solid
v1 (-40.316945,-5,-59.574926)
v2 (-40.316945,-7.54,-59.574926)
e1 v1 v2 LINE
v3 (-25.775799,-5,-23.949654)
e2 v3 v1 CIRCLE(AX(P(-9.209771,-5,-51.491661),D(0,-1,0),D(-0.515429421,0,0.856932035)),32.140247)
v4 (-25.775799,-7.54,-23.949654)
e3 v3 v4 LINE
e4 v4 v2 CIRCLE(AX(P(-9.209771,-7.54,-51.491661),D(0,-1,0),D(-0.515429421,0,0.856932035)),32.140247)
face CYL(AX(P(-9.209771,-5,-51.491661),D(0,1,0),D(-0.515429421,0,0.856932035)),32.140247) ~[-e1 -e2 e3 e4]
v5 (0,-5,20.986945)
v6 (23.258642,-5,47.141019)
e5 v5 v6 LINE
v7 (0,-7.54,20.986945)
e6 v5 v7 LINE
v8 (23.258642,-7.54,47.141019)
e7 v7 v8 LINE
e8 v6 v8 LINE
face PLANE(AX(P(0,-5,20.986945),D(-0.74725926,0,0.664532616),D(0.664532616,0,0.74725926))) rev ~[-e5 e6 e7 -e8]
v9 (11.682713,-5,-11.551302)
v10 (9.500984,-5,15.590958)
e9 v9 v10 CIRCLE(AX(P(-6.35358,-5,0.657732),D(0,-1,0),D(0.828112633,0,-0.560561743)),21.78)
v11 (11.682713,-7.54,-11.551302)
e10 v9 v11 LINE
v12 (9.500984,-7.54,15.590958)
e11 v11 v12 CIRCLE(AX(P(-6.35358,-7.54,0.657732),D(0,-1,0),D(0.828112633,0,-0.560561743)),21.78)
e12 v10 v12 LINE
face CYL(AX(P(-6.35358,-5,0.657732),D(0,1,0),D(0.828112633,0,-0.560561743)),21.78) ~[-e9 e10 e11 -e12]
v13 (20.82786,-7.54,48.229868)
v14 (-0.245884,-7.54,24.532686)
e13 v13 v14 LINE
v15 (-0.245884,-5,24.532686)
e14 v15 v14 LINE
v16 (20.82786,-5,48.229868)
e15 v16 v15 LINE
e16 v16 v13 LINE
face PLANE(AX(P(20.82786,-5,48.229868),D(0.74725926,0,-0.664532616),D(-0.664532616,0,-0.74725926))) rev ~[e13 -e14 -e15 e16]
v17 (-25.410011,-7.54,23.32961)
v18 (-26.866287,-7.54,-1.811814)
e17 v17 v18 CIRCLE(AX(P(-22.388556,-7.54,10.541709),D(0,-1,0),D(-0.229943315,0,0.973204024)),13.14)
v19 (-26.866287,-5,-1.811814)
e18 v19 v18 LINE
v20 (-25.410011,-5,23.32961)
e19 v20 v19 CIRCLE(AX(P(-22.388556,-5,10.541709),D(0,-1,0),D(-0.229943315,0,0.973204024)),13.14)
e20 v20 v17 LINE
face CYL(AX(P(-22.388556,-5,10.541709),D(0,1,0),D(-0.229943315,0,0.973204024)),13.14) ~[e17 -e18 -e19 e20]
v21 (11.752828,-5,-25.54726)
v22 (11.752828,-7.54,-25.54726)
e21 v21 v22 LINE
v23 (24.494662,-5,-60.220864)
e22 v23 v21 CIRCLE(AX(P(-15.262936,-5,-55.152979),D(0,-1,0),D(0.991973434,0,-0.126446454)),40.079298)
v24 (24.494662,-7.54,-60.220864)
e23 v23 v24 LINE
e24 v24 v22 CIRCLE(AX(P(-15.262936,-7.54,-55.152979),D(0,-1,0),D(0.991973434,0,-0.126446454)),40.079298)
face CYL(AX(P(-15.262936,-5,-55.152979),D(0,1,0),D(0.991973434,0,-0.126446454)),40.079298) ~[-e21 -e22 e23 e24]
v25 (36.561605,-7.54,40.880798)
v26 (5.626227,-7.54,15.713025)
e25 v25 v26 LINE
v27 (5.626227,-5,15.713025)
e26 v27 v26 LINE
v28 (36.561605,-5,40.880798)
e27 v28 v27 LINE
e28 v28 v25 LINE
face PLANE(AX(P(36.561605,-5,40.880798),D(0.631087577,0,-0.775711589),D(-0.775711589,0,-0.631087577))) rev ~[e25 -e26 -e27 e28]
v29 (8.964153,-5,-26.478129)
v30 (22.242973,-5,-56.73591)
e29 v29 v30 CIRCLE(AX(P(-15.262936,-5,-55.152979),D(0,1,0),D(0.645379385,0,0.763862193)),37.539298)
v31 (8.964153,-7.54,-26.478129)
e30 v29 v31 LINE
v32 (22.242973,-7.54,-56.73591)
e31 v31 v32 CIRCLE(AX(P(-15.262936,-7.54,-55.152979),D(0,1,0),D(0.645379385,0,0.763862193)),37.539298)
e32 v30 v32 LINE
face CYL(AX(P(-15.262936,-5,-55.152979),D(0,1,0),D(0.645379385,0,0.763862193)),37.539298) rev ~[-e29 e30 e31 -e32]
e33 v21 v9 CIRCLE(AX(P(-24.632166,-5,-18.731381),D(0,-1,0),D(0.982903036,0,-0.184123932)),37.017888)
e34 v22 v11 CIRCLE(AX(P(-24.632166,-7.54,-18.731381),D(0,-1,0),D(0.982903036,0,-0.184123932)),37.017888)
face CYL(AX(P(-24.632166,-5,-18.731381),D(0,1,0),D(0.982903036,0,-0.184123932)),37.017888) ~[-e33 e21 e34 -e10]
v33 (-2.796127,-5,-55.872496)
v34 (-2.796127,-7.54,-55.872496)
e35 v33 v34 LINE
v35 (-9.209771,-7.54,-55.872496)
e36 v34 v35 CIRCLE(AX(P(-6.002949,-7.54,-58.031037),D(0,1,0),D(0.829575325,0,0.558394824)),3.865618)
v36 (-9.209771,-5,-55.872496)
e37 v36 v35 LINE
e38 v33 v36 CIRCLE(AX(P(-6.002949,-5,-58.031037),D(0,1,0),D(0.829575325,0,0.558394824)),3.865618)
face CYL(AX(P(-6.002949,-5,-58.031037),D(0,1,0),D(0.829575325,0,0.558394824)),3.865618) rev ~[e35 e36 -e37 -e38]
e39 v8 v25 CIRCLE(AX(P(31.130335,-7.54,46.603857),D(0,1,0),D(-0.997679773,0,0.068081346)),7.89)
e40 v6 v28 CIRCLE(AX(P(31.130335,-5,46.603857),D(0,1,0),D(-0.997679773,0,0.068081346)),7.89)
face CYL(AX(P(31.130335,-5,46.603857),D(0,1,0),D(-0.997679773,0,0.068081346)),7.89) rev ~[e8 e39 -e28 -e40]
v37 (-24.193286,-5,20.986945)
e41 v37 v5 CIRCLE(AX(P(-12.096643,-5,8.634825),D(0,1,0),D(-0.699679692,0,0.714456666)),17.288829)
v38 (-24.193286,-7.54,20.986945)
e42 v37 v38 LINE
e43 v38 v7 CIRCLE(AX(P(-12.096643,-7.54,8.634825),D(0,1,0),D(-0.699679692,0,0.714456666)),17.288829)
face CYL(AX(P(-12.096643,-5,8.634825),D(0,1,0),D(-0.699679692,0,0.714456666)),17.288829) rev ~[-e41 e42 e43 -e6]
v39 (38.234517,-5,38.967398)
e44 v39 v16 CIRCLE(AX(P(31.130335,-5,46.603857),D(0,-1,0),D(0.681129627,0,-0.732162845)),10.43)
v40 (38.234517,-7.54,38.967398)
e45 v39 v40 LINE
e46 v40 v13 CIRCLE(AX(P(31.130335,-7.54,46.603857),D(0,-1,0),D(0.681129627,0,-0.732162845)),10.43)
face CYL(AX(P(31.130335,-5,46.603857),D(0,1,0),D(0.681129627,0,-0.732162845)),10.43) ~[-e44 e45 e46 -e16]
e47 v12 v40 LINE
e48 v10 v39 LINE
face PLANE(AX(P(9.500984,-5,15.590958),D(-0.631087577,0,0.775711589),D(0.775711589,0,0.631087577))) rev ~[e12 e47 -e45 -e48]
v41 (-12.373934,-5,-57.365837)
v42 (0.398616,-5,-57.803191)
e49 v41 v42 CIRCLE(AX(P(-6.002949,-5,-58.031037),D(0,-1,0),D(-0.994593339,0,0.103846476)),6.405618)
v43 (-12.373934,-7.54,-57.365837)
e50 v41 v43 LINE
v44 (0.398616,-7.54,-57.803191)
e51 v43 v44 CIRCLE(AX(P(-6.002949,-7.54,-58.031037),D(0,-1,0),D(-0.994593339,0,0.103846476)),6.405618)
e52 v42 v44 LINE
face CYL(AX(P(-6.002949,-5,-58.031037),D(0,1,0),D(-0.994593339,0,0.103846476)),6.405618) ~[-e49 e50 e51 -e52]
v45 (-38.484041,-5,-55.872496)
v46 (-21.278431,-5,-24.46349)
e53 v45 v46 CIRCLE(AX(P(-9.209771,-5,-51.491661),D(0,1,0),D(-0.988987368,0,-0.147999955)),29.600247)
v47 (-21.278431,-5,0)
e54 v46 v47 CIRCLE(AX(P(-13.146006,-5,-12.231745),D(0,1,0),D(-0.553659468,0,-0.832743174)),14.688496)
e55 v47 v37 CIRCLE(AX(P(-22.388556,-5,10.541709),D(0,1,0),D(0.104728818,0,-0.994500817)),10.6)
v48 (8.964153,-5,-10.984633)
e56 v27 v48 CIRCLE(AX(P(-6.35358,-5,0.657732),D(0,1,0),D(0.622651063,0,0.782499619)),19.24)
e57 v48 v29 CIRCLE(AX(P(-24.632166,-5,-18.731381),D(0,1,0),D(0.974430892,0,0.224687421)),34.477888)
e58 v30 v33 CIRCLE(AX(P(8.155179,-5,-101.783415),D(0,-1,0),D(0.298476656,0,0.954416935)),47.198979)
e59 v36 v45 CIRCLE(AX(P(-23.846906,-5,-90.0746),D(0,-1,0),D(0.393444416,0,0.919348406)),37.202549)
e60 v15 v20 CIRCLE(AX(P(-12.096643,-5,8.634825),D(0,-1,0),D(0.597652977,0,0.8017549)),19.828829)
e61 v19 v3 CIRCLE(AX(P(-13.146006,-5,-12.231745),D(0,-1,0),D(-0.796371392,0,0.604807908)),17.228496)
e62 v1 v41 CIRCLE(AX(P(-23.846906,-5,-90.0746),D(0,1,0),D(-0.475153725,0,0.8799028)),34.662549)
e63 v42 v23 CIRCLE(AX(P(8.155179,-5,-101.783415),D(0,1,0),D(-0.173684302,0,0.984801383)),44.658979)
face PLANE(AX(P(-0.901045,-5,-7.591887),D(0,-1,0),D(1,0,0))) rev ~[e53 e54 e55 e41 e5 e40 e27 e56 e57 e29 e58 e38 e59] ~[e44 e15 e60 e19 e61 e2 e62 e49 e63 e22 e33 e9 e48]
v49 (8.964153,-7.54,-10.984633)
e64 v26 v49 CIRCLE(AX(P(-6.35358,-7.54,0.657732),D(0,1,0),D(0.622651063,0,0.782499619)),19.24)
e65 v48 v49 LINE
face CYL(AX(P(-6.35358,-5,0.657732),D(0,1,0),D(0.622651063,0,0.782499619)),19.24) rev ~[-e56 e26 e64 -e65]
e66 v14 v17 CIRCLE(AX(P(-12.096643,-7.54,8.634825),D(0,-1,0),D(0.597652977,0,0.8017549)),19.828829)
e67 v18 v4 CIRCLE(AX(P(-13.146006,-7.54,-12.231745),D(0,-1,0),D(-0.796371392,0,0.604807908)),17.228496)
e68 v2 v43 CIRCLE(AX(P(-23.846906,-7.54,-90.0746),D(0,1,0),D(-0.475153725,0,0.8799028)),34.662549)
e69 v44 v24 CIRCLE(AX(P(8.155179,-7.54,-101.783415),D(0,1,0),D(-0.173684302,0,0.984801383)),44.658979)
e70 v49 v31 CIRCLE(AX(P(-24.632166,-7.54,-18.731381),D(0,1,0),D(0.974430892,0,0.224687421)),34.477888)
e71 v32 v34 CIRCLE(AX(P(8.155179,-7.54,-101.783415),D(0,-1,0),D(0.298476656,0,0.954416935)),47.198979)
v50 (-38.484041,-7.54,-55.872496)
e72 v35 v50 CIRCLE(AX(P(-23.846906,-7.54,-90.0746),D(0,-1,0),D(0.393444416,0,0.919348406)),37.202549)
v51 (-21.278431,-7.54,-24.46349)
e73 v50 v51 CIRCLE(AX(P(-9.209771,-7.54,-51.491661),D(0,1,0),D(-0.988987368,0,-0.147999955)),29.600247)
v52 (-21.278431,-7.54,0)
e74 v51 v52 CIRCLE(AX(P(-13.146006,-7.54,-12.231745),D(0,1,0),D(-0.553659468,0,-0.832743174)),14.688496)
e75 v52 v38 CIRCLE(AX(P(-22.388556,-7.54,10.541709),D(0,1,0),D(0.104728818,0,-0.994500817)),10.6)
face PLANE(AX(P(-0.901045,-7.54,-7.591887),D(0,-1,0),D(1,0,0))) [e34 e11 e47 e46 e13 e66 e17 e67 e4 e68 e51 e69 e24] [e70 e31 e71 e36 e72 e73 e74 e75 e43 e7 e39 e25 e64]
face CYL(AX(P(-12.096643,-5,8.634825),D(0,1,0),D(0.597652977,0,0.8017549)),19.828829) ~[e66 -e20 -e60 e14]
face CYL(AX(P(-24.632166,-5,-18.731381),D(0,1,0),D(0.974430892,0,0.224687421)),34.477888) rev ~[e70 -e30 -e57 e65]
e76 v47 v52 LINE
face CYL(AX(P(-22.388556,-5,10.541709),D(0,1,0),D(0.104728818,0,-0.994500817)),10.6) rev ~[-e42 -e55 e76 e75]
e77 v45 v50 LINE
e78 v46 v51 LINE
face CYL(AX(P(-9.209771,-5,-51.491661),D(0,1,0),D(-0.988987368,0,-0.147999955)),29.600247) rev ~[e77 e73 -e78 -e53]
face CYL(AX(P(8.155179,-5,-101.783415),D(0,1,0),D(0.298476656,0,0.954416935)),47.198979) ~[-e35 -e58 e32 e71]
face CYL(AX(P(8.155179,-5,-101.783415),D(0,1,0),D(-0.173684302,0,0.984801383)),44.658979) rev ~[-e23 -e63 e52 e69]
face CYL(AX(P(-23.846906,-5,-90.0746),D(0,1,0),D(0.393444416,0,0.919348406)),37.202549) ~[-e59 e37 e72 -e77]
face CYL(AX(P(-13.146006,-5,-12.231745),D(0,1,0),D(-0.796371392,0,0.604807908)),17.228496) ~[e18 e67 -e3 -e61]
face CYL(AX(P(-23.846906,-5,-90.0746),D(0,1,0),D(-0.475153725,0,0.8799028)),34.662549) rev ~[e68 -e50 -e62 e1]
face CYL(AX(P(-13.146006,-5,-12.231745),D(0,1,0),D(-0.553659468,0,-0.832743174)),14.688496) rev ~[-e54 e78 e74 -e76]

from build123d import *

# Parameters (mm, degrees)
F1_DEPTH = 5
F4_DEPTH = 2.54
F5_DEPTH = 25.4


with BuildPart() as f1:
    # F0 (on Front) → F1 (new body)
    with BuildSketch(Plane.XZ):
        with BuildLine():
            ThreePointArc((0, 20.9869445181), (-12.0966427586, 25.9236544676), (-24.1932855172, 20.9869445181))
            ThreePointArc((-24.1932855172, 20.9869445181), (-32.8877742223, 9.0834832543), (-21.2784307494, 0))
            ThreePointArc((-21.2784307494, 0), (-27.8345018972, -12.2317448258), (-21.2784307494, -24.4634896517))
            ThreePointArc((-21.2784307494, -24.4634896517), (-35.1701421662, -37.2707710413), (-38.4840406477, -55.8724962175))
            ThreePointArc((-38.4840406477, -55.8724962175), (-23.8469055846, -52.8720513548), (-9.2097705214, -55.8724962175))
            ThreePointArc((-9.2097705214, -55.8724962175), (-6.0029489911, -61.8966557159), (-2.7961274609, -55.8724962175))
            ThreePointArc((-2.7961274609, -55.8724962175), (9.7817579313, -54.6124723986), (22.2429726273, -56.7359104753))
            ThreePointArc((22.2429726273, -56.7359104753), (22.2759376745, -54.9746026101), (22.22623583, -53.2136875591))
            ThreePointArc((22.22623583, -53.2136875591), (18.366243738, -38.4713383456), (8.9641526372, -26.4781285077))
            ThreePointArc((8.9641526372, -26.4781285077), (9.8457214763, -18.7313808571), (8.9641526372, -10.9846332065))
            ThreePointArc((8.9641526372, -10.9846332065), (12.7377833841, 3.0446666193), (5.6262267365, 15.7130250237))
            Line((5.6262267365, 15.7130250237), (36.5616049228, 40.8807976003))
            ThreePointArc((36.5616049228, 40.8807976003), (34.4898748978, 53.7428757551), (23.25864156, 47.1410186325))
            Line((23.25864156, 47.1410186325), (0, 20.9869445181))
        make_face()
    extrude(amount=F1_DEPTH)

    # F5 (cut): a face of the model
    f5_faces = [f1.faces().sort_by_distance(p)[0] for p in [
        (-4.5967380367, -5, -11.98241047),
    ]]
    extrude(f5_faces, amount=-F5_DEPTH, mode=Mode.SUBTRACT)


with BuildPart() as f1b:
    # F0 (on Front) → F1, piece 2 (new body)
    with BuildSketch(Plane.XZ):
        with BuildLine():
            ThreePointArc((41.8436169818, -52.7066290379), (31.7747593943, -42.8946624715), (22.22623583, -53.2136875591))
            ThreePointArc((22.22623583, -53.2136875591), (32.2819872673, -62.5185956042), (41.8436169818, -52.7066290379))
        make_face()
    extrude(amount=F1_DEPTH)


with BuildPart() as f4:
    # F3 (on face) → F4 (new body)
    with BuildSketch(Plane.XZ.offset(5)):
        with BuildLine():
            ThreePointArc((-40.3169446951, -59.5749264298), (-26.5786982557, -55.5198668281), (-12.3739342893, -57.3658365623))
            ThreePointArc((-12.3739342893, -57.3658365623), (-6.2221601499, -64.4329037682), (0.3986158134, -57.8031911351))
            ThreePointArc((0.3986158134, -57.8031911351), (12.6136445695, -57.3475459696), (24.4946623983, -60.2208638043))
            ThreePointArc((24.4946623983, -60.2208638043), (22.3566756727, -41.3285471938), (11.7528280148, -25.5472598891))
            ThreePointArc((11.7528280148, -25.5472598891), (12.3852570181, -18.5459373039), (11.6827134618, -11.5513024358))
            ThreePointArc((11.6827134618, -11.5513024358), (15.3563975367, 2.4028081974), (9.5009837393, 15.5909577077))
            Line((9.5009837393, 15.5909577077), (38.2345170044, 38.9673983055))
            ThreePointArc((38.2345170044, 38.9673983055), (36.0298866682, 55.8114240261), (20.82786015, 48.229868306))
            Line((20.82786015, 48.229868306), (-0.2458838852, 24.5326862524))
            ThreePointArc((-0.2458838852, 24.5326862524), (-13.043561552, 28.4410317154), (-25.4100113891, 23.3296095701))
            ThreePointArc((-25.4100113891, 23.3296095701), (-35.5065684593, 11.3015480777), (-26.8662872673, -1.811814148))
            ThreePointArc((-26.8662872673, -1.811814148), (-30.3536378615, -13.0793756448), (-25.7757993219, -23.9496539557))
            ThreePointArc((-25.7757993219, -23.9496539557), (-38.9666786297, -39.3458023105), (-40.3169446951, -59.5749264298))
        make_face()
        with BuildLine():
            ThreePointArc((-2.7961274609, -55.8724962175), (-6.0029489911, -61.8966557159), (-9.2097705214, -55.8724962175))
            ThreePointArc((-9.2097705214, -55.8724962175), (-23.8469055846, -52.8720513548), (-38.4840406477, -55.8724962175))
            ThreePointArc((-38.4840406477, -55.8724962175), (-35.1701421662, -37.2707710413), (-21.2784307494, -24.4634896517))
            ThreePointArc((-21.2784307494, -24.4634896517), (-27.8345018972, -12.2317448258), (-21.2784307494, 0))
            ThreePointArc((-21.2784307494, 0), (-32.8877742223, 9.0834832543), (-24.1932855172, 20.9869445181))
            ThreePointArc((-24.1932855172, 20.9869445181), (-12.0966427586, 25.9236544676), (0, 20.9869445181))
            Line((0, 20.9869445181), (23.25864156, 47.1410186325))
            ThreePointArc((23.25864156, 47.1410186325), (34.4898748978, 53.7428757551), (36.5616049228, 40.8807976003))
            Line((36.5616049228, 40.8807976003), (5.6262267365, 15.7130250237))
            ThreePointArc((5.6262267365, 15.7130250237), (12.7377833841, 3.0446666193), (8.9641526372, -10.9846332065))
            ThreePointArc((8.9641526372, -10.9846332065), (9.8457214763, -18.7313808571), (8.9641526372, -26.4781285077))
            ThreePointArc((8.9641526372, -26.4781285077), (19.1118233272, -40.0673969806), (22.2429726273, -56.7359104753))
            ThreePointArc((22.2429726273, -56.7359104753), (9.7817579313, -54.6124723986), (-2.7961274609, -55.8724962175))
        make_face(mode=Mode.SUBTRACT)
    extrude(amount=F4_DEPTH)


solid = f4.part
